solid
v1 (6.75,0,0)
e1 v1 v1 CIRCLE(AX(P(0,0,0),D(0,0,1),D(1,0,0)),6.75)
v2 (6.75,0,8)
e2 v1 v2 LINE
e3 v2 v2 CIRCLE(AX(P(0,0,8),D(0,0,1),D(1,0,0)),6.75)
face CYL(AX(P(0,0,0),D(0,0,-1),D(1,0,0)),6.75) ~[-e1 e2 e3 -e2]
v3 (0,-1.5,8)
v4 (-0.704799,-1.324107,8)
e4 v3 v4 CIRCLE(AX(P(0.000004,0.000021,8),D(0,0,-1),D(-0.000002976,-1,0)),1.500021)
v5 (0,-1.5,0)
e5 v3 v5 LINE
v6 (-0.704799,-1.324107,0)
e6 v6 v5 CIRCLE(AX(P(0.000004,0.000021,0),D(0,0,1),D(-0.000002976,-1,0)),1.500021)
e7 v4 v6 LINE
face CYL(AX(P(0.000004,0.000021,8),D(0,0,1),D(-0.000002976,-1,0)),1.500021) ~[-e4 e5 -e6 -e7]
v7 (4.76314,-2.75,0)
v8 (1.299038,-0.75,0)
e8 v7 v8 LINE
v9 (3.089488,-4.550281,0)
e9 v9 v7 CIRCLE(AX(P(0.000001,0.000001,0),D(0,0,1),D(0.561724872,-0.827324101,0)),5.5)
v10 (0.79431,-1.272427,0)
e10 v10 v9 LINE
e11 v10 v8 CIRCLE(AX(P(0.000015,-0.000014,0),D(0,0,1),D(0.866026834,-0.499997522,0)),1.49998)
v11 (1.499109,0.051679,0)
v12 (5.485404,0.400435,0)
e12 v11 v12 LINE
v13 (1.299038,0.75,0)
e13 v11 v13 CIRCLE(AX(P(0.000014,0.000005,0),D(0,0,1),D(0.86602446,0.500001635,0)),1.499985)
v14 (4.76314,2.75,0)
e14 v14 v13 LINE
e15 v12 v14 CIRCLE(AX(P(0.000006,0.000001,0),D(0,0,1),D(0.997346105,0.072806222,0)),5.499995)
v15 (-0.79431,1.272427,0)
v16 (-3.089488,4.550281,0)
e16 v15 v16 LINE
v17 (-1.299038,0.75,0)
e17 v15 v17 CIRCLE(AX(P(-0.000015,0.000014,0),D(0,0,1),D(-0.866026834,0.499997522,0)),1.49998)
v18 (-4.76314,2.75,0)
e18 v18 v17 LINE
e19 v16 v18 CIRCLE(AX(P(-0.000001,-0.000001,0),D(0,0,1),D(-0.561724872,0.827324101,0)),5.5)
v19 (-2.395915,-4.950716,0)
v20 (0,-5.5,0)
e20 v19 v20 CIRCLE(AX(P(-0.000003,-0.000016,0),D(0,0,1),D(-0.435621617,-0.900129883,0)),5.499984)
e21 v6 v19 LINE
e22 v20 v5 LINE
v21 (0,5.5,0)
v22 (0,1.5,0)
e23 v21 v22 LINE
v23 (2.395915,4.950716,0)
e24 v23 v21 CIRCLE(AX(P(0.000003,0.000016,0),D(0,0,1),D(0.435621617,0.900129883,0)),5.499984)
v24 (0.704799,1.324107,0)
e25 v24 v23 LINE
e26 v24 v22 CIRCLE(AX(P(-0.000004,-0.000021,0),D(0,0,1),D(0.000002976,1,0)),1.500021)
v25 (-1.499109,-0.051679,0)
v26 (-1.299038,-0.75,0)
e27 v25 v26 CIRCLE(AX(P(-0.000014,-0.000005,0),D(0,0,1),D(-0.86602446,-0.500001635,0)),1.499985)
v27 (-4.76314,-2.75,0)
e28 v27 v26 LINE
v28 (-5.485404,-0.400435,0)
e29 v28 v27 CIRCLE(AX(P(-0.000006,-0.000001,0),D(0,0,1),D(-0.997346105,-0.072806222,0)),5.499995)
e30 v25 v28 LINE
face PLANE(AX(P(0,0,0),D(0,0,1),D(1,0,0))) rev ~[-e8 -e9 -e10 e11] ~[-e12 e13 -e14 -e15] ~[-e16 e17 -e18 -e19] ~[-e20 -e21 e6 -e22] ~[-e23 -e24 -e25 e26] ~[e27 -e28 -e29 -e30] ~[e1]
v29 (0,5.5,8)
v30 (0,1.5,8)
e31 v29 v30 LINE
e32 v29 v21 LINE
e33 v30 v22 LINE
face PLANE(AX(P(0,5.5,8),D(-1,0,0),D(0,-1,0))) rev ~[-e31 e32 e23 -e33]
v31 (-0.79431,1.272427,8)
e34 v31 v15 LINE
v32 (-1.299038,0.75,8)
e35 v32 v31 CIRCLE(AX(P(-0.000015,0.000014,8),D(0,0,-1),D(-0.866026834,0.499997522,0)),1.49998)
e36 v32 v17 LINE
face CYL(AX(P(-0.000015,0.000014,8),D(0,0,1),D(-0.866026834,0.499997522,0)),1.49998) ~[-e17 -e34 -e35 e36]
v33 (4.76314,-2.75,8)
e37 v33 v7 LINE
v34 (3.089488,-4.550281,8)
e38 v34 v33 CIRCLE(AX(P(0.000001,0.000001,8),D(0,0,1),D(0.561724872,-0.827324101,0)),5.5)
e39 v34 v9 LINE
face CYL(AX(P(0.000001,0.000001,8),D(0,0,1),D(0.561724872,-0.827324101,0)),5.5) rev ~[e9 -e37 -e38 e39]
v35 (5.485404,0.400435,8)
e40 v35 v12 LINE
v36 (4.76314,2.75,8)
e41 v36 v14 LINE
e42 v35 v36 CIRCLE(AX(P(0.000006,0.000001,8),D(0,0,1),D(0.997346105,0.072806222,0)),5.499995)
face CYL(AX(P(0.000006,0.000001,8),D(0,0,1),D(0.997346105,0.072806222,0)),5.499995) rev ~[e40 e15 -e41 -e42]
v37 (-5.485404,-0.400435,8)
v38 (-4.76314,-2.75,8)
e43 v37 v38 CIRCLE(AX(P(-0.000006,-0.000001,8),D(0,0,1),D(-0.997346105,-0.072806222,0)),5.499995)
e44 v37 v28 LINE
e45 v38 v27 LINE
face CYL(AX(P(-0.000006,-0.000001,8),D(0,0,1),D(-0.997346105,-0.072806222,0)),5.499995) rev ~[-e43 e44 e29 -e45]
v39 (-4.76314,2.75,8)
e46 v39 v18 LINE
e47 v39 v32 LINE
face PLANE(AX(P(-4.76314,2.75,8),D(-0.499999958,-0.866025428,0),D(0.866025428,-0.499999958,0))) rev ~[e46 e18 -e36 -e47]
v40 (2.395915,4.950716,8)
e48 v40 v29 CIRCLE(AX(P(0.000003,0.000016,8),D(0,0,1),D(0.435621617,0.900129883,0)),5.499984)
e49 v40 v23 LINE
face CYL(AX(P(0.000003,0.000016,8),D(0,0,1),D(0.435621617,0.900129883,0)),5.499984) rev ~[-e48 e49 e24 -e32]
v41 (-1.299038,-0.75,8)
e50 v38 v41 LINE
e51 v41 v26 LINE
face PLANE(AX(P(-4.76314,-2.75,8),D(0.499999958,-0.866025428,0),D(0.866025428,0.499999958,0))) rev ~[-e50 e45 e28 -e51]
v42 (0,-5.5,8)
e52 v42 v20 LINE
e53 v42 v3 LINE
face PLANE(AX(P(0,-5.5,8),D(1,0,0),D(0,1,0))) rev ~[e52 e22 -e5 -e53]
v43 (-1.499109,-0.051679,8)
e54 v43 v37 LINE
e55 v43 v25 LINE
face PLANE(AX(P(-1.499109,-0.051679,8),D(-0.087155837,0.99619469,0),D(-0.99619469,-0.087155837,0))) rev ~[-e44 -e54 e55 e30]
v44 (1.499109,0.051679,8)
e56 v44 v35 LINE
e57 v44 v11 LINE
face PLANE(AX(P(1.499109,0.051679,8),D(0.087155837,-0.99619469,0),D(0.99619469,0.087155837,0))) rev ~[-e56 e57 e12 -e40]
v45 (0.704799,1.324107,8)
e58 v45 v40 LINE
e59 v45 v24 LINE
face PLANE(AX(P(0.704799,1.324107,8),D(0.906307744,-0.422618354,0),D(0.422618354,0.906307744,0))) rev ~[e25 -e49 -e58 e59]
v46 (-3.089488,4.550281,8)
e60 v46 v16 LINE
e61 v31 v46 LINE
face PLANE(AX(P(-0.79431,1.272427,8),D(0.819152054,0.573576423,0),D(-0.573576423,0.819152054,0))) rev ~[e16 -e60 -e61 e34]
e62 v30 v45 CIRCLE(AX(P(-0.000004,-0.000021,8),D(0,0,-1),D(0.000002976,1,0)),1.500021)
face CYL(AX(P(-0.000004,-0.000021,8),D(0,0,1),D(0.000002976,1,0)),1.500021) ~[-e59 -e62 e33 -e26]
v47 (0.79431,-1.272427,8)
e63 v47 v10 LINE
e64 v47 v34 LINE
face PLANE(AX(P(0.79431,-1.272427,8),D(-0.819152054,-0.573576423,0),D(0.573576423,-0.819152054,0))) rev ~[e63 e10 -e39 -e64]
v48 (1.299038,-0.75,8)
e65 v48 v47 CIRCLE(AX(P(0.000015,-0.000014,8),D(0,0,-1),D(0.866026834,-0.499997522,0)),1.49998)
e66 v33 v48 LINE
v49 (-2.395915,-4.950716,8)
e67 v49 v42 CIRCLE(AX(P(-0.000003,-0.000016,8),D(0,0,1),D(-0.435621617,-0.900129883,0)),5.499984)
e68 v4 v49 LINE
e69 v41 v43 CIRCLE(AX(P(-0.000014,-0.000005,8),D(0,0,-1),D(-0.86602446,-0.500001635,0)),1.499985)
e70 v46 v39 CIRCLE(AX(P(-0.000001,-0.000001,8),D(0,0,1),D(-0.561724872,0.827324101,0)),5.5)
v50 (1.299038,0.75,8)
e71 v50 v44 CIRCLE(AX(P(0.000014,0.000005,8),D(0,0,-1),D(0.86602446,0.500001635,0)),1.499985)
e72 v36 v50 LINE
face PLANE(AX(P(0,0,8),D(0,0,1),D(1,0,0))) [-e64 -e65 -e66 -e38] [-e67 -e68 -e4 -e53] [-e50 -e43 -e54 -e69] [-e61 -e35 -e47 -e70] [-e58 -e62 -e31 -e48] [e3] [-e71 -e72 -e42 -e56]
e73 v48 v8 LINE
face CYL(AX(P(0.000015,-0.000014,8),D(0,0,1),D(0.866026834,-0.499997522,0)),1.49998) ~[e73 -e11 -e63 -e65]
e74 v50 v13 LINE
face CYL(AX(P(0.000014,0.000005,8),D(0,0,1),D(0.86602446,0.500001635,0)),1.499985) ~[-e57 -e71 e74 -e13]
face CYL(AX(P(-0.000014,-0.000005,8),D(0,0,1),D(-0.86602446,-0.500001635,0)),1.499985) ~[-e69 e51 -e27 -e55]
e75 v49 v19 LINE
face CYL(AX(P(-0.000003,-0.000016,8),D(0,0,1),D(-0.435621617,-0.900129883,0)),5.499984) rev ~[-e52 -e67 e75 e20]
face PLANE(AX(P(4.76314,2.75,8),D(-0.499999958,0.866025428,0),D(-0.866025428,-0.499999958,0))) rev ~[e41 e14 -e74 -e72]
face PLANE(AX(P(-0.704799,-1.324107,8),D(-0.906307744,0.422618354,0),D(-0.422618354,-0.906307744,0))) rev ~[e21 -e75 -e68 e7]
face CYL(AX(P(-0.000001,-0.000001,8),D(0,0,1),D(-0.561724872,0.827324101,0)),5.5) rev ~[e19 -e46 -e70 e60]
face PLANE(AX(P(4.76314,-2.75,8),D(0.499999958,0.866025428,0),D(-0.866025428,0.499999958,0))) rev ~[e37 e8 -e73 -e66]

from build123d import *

# Parameters (mm, degrees)
F0_R     = 6.75
F1_DEPTH = 8
F3_DEPTH = 25


with BuildPart() as f1:
    # F0 (on Top) → F1 (new body)
    with BuildSketch(Plane.XY):
        Circle(F0_R)
    extrude(amount=F1_DEPTH)

    # F2 (on face) → F3 (cut)
    with BuildSketch(Plane.XY.offset(8)):
        with BuildLine():
            ThreePointArc((0, 1.5), (0.363208, 1.455362), (0.704799, 1.324107))
            Line((0.704799, 1.324107), (2.395915, 4.950716))
            ThreePointArc((2.395915, 4.950716), (1.229036, 5.360921), (0, 5.5))
            Line((0, 5.5), (0, 1.5))
        make_face()
        with BuildLine():
            ThreePointArc((1.299038, 0.75), (1.441985, 0.413134), (1.499109, 0.051679))
            Line((1.499109, 0.051679), (5.485404, 0.400435))
            ThreePointArc((5.485404, 0.400435), (5.257212, 1.616084), (4.76314, 2.75))
            Line((4.76314, 2.75), (1.299038, 0.75))
        make_face()
        with BuildLine():
            Line((4.76314, -2.75), (1.299038, -0.75))
            ThreePointArc((1.299038, -0.75), (1.078777, -1.042229), (0.79431, -1.272427))
            Line((0.79431, -1.272427), (3.089488, -4.550281))
            ThreePointArc((3.089488, -4.550281), (4.028175, -3.744837), (4.76314, -2.75))
        make_face()
        with BuildLine():
            Line((0, -5.5), (0, -1.5))
            ThreePointArc((0, -1.5), (-0.363208, -1.455362), (-0.704799, -1.324107))
            Line((-0.704799, -1.324107), (-2.395915, -4.950716))
            ThreePointArc((-2.395915, -4.950716), (-1.229036, -5.360921), (0, -5.5))
        make_face()
        with BuildLine():
            Line((-4.76314, -2.75), (-1.299038, -0.75))
            ThreePointArc((-1.299038, -0.75), (-1.441985, -0.413134), (-1.499109, -0.051679))
            Line((-1.499109, -0.051679), (-5.485404, -0.400435))
            ThreePointArc((-5.485404, -0.400435), (-5.257212, -1.616084), (-4.76314, -2.75))
        make_face()
        with BuildLine():
            ThreePointArc((-1.299038, 0.75), (-1.078777, 1.042229), (-0.79431, 1.272427))
            Line((-0.79431, 1.272427), (-3.089488, 4.550281))
            ThreePointArc((-3.089488, 4.550281), (-4.028175, 3.744837), (-4.76314, 2.75))
            Line((-4.76314, 2.75), (-1.299038, 0.75))
        make_face()
    extrude(amount=-F3_DEPTH, mode=Mode.SUBTRACT)


solid = f1.part
